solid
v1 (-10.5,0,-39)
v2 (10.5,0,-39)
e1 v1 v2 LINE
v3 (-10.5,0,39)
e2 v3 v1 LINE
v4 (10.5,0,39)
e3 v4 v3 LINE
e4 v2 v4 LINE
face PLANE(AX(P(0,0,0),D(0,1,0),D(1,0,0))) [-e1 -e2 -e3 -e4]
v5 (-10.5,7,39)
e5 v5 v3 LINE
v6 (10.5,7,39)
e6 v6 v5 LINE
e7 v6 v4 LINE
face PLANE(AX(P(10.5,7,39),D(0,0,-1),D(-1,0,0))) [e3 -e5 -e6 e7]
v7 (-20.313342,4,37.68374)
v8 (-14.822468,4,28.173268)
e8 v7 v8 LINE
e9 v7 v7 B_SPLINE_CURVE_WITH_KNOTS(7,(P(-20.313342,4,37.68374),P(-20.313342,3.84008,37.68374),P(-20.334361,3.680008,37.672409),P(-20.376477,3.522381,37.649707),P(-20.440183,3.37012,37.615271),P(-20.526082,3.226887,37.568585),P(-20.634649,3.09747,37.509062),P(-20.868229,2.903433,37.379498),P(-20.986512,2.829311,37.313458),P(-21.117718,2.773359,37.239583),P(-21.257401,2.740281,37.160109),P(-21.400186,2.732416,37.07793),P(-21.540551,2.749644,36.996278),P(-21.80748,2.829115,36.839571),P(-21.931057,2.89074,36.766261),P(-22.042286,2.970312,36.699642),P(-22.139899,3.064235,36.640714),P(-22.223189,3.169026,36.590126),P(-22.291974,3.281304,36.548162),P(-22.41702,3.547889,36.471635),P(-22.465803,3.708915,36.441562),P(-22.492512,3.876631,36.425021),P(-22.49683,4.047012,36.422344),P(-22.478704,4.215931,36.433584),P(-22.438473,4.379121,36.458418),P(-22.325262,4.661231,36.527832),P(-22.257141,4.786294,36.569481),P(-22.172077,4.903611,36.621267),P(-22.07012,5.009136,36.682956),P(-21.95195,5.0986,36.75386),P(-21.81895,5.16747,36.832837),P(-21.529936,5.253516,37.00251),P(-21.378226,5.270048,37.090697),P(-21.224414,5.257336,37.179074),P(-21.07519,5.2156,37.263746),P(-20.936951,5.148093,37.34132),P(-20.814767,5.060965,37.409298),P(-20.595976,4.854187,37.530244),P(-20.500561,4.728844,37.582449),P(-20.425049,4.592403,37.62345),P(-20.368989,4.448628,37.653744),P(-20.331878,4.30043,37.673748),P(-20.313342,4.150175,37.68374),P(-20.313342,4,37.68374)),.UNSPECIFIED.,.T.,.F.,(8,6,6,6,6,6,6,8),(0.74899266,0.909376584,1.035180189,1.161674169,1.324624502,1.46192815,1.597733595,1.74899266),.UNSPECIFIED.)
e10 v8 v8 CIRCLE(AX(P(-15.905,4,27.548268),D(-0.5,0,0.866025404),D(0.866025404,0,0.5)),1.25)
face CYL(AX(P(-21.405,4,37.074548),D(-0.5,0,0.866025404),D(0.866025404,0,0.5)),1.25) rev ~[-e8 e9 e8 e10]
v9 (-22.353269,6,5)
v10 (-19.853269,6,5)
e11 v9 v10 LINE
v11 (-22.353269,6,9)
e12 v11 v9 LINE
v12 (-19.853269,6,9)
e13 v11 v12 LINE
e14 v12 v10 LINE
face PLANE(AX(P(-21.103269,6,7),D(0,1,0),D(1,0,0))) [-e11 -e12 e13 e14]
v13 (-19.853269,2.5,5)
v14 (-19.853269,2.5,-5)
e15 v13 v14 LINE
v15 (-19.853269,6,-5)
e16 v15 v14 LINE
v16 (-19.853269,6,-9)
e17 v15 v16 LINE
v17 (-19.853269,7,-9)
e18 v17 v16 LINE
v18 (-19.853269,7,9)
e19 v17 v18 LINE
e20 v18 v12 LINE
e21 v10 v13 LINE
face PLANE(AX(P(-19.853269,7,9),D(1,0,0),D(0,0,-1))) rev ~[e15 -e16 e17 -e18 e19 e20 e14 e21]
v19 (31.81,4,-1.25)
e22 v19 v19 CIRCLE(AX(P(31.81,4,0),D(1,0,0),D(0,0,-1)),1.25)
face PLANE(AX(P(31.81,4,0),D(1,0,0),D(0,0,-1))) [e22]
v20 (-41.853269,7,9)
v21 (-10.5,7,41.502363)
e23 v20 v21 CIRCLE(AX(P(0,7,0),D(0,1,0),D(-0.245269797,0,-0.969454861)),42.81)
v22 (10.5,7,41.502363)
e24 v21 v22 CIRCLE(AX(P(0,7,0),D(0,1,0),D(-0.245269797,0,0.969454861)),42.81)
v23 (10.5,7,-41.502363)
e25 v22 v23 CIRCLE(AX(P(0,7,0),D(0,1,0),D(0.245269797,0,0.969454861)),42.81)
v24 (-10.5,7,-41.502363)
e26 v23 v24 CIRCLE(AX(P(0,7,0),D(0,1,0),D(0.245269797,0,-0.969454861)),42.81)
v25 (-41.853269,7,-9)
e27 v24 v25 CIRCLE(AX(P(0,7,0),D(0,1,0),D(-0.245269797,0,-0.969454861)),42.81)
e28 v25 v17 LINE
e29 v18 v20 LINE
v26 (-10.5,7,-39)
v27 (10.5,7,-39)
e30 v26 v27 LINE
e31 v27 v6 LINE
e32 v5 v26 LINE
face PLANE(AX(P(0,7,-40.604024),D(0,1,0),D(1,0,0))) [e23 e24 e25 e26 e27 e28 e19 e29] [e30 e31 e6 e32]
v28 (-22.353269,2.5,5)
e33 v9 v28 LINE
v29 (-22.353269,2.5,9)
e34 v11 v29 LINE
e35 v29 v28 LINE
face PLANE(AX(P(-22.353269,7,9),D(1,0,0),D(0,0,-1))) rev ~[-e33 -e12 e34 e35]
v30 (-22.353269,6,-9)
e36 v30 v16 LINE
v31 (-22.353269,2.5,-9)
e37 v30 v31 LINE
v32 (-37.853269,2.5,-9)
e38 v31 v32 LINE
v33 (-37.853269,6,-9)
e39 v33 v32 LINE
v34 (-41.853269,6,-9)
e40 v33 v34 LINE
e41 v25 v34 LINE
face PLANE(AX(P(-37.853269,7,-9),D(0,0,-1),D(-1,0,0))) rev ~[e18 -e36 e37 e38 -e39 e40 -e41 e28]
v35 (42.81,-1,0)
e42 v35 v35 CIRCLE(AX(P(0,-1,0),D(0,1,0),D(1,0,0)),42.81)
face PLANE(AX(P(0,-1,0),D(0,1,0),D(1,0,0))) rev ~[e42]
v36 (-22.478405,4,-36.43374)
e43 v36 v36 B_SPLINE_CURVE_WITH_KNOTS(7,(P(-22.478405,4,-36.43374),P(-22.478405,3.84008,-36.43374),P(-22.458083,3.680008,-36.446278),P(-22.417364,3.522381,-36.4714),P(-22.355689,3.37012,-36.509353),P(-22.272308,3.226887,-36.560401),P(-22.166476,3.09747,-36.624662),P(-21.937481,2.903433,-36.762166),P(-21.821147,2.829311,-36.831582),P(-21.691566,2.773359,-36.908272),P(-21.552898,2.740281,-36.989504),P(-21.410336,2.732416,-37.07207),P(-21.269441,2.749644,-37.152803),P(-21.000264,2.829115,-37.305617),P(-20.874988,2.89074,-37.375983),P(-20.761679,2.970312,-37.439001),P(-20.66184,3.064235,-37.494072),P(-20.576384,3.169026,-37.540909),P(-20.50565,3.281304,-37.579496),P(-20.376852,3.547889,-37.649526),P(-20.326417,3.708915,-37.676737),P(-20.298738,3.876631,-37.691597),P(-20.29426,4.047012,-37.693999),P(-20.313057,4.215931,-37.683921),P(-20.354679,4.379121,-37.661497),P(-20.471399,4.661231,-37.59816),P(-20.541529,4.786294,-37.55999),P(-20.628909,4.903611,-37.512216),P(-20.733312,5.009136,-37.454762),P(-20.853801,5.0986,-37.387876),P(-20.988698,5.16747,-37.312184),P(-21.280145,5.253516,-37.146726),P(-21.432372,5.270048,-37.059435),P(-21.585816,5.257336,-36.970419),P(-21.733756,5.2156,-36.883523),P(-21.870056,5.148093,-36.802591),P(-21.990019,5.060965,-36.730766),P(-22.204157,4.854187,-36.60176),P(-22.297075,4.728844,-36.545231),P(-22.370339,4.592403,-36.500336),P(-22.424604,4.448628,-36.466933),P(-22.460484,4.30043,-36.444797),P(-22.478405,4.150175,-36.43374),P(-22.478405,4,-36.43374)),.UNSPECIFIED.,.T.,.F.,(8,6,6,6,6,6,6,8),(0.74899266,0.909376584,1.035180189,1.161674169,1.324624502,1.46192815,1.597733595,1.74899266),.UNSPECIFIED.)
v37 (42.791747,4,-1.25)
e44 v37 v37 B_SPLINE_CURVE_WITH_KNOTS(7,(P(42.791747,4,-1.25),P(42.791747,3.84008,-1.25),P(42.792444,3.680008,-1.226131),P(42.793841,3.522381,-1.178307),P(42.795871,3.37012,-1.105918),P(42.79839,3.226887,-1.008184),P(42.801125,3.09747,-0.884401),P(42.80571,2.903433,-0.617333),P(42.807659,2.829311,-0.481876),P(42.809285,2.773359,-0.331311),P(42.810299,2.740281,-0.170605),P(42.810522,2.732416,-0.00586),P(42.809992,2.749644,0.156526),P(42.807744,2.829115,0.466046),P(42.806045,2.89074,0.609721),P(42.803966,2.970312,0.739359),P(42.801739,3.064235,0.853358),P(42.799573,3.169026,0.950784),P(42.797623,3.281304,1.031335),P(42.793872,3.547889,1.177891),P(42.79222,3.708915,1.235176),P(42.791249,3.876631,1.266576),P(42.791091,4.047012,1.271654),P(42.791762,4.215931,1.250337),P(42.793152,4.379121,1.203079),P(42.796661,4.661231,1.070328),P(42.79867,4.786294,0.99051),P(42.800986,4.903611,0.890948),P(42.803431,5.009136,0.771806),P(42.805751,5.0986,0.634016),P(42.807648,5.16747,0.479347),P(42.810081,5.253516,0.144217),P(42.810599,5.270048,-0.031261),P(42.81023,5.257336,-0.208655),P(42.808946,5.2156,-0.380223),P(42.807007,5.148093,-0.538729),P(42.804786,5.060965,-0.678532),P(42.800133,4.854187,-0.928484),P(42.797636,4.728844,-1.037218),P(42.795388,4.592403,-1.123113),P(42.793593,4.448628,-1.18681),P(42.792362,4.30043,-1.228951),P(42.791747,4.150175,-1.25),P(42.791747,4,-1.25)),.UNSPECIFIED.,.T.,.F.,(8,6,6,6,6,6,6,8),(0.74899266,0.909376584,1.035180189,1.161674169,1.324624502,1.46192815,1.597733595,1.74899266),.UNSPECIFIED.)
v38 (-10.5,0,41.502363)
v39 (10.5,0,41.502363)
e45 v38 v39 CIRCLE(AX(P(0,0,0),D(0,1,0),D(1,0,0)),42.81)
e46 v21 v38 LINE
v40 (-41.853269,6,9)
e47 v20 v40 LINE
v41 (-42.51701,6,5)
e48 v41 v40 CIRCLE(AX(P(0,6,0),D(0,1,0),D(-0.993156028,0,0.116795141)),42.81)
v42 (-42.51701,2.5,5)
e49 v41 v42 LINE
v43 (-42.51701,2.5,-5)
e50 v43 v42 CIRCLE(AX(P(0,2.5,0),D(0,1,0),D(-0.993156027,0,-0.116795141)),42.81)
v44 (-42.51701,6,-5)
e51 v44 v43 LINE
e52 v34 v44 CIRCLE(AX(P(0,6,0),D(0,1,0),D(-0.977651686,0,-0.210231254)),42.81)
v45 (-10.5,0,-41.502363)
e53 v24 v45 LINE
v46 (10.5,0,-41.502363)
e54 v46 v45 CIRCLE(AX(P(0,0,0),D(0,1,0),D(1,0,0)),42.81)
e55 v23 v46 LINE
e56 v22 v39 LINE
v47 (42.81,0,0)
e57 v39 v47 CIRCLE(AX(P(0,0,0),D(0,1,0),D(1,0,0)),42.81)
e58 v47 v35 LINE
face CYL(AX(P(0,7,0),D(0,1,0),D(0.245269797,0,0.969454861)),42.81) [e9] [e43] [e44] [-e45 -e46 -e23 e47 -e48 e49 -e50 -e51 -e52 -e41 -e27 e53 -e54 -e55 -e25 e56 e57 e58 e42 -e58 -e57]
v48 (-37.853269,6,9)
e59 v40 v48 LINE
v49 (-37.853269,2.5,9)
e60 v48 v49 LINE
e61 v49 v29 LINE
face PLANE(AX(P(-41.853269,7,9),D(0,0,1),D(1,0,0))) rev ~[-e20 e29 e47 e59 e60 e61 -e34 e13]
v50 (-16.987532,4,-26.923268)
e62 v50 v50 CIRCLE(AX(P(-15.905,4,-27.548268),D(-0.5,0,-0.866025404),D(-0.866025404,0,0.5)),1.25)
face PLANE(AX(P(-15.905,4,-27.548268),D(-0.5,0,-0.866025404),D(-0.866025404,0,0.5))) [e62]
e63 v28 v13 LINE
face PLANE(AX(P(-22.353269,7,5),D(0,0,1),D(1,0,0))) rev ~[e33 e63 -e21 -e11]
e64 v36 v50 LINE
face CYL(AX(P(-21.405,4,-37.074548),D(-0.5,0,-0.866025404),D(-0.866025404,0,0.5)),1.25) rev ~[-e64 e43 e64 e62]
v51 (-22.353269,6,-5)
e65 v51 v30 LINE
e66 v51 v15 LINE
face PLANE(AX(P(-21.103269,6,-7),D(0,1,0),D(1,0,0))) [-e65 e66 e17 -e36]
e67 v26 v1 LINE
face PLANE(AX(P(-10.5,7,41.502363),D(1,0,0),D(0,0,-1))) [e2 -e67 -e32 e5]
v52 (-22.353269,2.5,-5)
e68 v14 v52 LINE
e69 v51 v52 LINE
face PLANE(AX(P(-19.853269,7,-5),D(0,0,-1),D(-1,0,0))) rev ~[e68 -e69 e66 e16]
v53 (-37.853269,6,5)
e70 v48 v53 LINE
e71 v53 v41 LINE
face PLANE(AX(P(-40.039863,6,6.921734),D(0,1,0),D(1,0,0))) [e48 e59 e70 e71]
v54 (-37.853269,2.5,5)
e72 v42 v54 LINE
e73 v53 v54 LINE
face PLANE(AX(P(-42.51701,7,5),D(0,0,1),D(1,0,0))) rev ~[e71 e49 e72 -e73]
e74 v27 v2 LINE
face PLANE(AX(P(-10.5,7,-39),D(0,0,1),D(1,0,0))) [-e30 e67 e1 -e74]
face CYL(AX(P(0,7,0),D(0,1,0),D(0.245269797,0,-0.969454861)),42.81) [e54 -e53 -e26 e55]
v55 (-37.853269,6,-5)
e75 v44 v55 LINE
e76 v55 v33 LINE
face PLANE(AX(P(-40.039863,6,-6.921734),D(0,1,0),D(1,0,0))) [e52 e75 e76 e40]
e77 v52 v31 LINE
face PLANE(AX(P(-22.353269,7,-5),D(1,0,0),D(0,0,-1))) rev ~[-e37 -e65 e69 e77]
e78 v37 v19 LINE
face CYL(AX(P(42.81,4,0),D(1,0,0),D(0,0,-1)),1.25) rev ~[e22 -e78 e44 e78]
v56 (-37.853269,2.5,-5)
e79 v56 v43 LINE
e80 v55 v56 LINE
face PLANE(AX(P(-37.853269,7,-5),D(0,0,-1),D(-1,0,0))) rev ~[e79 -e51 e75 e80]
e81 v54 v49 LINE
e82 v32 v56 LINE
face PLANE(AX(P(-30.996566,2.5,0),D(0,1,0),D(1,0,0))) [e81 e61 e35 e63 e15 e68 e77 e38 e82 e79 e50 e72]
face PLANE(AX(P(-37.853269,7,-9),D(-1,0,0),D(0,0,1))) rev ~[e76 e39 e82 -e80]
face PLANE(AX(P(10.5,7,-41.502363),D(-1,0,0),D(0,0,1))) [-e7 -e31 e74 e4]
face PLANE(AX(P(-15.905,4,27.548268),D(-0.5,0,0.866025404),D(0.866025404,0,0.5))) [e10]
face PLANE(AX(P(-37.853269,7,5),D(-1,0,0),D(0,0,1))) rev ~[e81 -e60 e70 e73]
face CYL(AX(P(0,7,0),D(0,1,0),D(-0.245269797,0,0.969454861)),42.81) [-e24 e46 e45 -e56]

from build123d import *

# Parameters (mm, degrees)
SKETCH1_R           = 42.81
BOSS_EXTRUDE1_DEPTH = 1
BOSS_EXTRUDE2_START = 7
BOSS_EXTRUDE2_DEPTH = 7
SKETCH2_W           = 2.5
SKETCH2_H           = 4
CUT_EXTRUDE1_DEPTH  = 1
CUT_EXTRUDE2_DEPTH  = 4.5
BOSS_EXTRUDE3_START = 7
BOSS_EXTRUDE3_DEPTH = 7
SKETCH4_R           = 1.25
CUT_EXTRUDE3_DEPTH  = 11
CIRPATTERN1_COUNT   = 3


with BuildPart() as part:
    # Sketch1 → Boss-Extrude1 (new body)
    with BuildSketch(Plane(origin=(0, 0, 0), x_dir=(1, 0, 0), z_dir=(0, 1, 0))):
        Circle(SKETCH1_R)
    extrude(amount=-BOSS_EXTRUDE1_DEPTH)

    # Sketch1<3> → Boss-Extrude2 (add)
    with BuildSketch(Plane(origin=(0, 0, 0), x_dir=(1, 0, 0), z_dir=(0, 1, 0)).offset(BOSS_EXTRUDE2_START)):
        with BuildLine():
            ThreePointArc((-10.5, 41.502362583), (-42.81, 0), (-10.5, -41.502362583))
            Line((-10.5, -41.502362583), (-10.5, 41.502362583))
        make_face()
        with BuildLine():
            Line((10.5, 41.502362583), (10.5, -41.502362583))
            ThreePointArc((10.5, -41.502362583), (42.81, 0), (10.5, 41.502362583))
        make_face()
    extrude(amount=-BOSS_EXTRUDE2_DEPTH)

    # Sketch2 → Cut-Extrude1 (cut)
    with BuildSketch(Plane(origin=(0, 7, 0), x_dir=(1, 0, 0), z_dir=(0, 1, 0))):
        with BuildLine():
            Line((-37.85326869, 9), (-41.85326869, 9))
            ThreePointArc((-41.85326869, 9), (-42.232522563, 7.007862583), (-42.517009537, 5))
            Line((-42.517009537, 5), (-37.85326869, 5))
            Line((-37.85326869, 5), (-37.85326869, 9))
        make_face()
        with Locations((-21.10326869, 7)):
            Rectangle(SKETCH2_W, SKETCH2_H)
        with BuildLine():
            Line((-37.85326869, -5), (-42.517009537, -5))
            ThreePointArc((-42.517009537, -5), (-42.232522563, -7.007862583), (-41.85326869, -9))
            Line((-41.85326869, -9), (-37.85326869, -9))
            Line((-37.85326869, -9), (-37.85326869, -5))
        make_face()
        with Locations((-21.10326869, -7)):
            Rectangle(SKETCH2_W, SKETCH2_H)
    extrude(amount=-CUT_EXTRUDE1_DEPTH, mode=Mode.SUBTRACT)

    # Sketch2<3> → Cut-Extrude2 (cut)
    with BuildSketch(Plane(origin=(0, 7, 0), x_dir=(1, 0, 0), z_dir=(0, 1, 0))):
        with BuildLine():
            Line((-22.35326869, 9), (-37.85326869, 9))
            Line((-37.85326869, 9), (-37.85326869, 5))
            Line((-37.85326869, 5), (-42.517009537, 5))
            ThreePointArc((-42.517009537, 5), (-42.81, 0), (-42.517009537, -5))
            Line((-42.517009537, -5), (-37.85326869, -5))
            Line((-37.85326869, -5), (-37.85326869, -9))
            Line((-37.85326869, -9), (-22.35326869, -9))
            Line((-22.35326869, -9), (-22.35326869, -5))
            Line((-22.35326869, -5), (-19.85326869, -5))
            Line((-19.85326869, -5), (-19.85326869, 5))
            Line((-19.85326869, 5), (-22.35326869, 5))
            Line((-22.35326869, 5), (-22.35326869, 9))
        make_face()
    extrude(amount=-CUT_EXTRUDE2_DEPTH, mode=Mode.SUBTRACT)

    # Sketch3 → Boss-Extrude3 (add)
    with BuildSketch(Plane(origin=(0, 0, 0), x_dir=(1, 0, 0), z_dir=(0, 1, 0)).offset(BOSS_EXTRUDE3_START)):
        with BuildLine():
            Line((-10.5, 41.502362583), (-10.5, 39))
            Line((-10.5, 39), (10.5, 39))
            Line((10.5, 39), (10.5, 41.502362583))
            ThreePointArc((10.5, 41.502362583), (0, 42.81), (-10.5, 41.502362583))
        make_face()
        with BuildLine():
            Line((10.5, -39), (-10.5, -39))
            Line((-10.5, -39), (-10.5, -41.502362583))
            ThreePointArc((-10.5, -41.502362583), (0, -42.81), (10.5, -41.502362583))
            Line((10.5, -41.502362583), (10.5, -39))
        make_face()
    extrude(amount=-BOSS_EXTRUDE3_DEPTH)

    # Sketch4 → Cut-Extrude3 (cut)
    with BuildSketch(Plane(origin=(42.81, 0, 0), x_dir=(0, 0, -1), z_dir=(1, 0, 0))):
        with Locations((0, 4)):
            Circle(SKETCH4_R)
    cut_extrude3 = extrude(amount=-CUT_EXTRUDE3_DEPTH, mode=Mode.SUBTRACT)

    # CirPattern1: Cut-Extrude3 ×3 about axis
    cirpattern1_axis = Axis((0, 7, 0), (0, 1, 0))
    for i in range(1, CIRPATTERN1_COUNT):
        add(cut_extrude3.rotate(cirpattern1_axis, i * 360 / CIRPATTERN1_COUNT), mode=Mode.SUBTRACT)


solid = part.part
